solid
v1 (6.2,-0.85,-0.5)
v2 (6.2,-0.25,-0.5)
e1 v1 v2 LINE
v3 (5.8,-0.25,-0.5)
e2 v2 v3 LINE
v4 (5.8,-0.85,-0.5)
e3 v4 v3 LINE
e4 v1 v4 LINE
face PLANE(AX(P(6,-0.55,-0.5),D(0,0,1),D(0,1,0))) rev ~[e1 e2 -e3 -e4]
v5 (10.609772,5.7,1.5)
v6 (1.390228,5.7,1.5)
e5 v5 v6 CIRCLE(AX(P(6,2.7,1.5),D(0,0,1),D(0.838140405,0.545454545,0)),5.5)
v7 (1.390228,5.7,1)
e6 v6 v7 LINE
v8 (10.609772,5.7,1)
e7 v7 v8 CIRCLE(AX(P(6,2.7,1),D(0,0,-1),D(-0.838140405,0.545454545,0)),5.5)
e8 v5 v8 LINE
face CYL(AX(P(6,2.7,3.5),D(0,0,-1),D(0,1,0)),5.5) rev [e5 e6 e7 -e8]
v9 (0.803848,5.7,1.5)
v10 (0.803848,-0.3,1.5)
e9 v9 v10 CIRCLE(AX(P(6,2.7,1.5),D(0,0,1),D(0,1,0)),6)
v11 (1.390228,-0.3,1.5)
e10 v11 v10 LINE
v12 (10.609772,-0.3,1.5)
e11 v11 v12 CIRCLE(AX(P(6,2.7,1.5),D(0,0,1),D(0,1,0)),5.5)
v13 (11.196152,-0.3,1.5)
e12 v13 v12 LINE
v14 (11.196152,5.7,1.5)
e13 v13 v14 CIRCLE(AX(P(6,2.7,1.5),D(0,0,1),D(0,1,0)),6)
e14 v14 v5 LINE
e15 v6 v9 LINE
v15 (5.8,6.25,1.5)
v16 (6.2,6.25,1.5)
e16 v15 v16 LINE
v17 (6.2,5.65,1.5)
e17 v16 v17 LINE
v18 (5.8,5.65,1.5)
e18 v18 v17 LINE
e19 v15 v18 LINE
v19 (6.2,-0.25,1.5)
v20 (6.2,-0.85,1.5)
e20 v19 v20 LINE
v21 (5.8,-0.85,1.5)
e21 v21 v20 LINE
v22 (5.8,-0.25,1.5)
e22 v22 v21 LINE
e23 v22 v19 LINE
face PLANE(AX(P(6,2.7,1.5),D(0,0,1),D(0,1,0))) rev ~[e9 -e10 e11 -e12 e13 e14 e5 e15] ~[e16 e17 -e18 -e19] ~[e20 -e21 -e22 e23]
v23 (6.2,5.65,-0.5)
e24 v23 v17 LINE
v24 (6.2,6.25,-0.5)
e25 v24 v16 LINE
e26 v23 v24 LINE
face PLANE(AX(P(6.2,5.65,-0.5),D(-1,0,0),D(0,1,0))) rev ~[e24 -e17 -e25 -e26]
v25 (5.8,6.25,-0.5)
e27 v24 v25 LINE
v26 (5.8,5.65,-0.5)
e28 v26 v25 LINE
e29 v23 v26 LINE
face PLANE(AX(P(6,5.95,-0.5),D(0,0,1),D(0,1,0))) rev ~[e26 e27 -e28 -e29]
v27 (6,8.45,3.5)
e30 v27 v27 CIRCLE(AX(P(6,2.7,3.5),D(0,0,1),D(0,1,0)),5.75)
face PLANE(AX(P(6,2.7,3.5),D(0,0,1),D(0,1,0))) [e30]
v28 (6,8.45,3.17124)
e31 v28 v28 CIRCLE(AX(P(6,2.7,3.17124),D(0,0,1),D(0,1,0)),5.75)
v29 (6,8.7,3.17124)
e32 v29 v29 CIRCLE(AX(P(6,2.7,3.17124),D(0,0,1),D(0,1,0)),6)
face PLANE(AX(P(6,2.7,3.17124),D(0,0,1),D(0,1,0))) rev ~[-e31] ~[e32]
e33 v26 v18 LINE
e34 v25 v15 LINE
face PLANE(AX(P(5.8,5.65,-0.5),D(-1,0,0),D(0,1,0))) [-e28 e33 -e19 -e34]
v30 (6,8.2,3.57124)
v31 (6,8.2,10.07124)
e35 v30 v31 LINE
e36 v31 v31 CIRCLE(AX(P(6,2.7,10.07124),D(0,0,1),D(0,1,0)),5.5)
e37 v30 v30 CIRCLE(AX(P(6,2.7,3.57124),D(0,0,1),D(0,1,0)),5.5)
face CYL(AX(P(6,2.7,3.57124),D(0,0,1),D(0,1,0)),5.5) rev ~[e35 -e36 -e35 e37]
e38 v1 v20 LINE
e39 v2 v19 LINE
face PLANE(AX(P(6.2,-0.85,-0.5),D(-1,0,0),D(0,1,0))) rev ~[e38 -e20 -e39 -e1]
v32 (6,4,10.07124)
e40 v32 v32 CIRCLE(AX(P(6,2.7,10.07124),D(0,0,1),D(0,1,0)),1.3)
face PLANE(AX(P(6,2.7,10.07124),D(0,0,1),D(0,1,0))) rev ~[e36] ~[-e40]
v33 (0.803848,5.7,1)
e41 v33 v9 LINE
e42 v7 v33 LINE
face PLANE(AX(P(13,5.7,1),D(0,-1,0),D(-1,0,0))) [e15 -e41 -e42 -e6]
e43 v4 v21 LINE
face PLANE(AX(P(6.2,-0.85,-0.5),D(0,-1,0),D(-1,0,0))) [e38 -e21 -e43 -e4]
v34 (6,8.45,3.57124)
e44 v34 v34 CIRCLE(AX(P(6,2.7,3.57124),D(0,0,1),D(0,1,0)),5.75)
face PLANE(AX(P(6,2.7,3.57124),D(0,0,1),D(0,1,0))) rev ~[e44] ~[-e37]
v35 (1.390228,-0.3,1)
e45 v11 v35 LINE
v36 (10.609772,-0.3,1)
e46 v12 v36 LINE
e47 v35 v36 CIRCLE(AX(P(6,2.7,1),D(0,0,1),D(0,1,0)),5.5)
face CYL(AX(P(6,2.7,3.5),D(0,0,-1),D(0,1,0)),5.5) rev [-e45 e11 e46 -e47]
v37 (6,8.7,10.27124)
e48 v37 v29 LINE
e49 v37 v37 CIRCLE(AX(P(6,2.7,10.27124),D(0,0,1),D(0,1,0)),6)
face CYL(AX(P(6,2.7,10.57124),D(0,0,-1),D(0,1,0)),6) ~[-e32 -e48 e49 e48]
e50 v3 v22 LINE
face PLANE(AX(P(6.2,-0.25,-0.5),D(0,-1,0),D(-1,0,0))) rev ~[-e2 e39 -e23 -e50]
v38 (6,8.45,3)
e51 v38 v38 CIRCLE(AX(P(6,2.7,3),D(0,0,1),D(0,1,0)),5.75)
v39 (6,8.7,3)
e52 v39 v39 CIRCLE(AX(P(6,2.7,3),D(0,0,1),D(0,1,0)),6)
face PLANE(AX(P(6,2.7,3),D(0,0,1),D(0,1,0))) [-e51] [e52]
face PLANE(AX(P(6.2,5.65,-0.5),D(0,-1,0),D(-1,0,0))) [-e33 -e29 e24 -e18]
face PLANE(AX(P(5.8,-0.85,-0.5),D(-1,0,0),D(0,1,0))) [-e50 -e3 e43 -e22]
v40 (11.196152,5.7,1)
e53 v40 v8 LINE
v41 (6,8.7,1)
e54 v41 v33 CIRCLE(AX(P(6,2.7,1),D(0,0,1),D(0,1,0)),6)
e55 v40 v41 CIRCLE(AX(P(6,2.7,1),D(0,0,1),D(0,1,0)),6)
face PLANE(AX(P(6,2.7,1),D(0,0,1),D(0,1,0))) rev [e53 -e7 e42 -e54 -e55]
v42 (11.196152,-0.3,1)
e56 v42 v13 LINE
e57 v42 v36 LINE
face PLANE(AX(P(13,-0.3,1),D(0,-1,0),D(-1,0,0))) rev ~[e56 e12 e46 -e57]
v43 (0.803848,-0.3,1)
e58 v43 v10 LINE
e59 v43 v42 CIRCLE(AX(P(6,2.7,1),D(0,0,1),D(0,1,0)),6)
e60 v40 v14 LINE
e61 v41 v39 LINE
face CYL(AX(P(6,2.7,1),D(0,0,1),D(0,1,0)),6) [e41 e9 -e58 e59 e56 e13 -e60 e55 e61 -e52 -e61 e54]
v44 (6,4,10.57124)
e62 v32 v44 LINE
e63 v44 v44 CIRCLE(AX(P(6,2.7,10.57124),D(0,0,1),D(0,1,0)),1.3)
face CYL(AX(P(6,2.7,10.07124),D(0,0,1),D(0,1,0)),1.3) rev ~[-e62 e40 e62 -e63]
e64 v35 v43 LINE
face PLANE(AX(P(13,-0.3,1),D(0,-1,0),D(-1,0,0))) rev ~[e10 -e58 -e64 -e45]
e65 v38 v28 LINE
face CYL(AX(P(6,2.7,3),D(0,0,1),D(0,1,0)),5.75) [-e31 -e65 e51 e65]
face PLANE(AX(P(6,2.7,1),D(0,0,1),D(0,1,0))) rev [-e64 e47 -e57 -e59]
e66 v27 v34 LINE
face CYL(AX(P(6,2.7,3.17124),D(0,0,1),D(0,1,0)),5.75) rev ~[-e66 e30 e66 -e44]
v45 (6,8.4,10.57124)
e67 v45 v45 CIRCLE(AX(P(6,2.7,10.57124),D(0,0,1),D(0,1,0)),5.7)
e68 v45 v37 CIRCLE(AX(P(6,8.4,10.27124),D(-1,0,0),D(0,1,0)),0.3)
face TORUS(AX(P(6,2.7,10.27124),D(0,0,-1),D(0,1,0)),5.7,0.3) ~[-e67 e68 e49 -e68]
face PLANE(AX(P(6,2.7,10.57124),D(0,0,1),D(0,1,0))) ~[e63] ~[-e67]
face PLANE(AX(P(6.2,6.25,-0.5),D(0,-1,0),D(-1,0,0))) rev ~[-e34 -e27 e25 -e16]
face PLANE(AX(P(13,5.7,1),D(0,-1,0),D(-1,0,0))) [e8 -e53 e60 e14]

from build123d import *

# Parameters (mm, degrees)
BOX_W                     = 0.6
BOX_H                     = 0.4
BOX_DEPTH                 = 2.5
BOX001_W                  = 0.6
BOX001_H                  = 0.4
BOX001_DEPTH              = 2.5
CYLINDER011_R             = 5.5
CYLINDER011_DEPTH         = 2
BOX002_W                  = 6
BOX002_H                  = 15
BOX002_DEPTH              = 0.5
FILLET006_R               = 0.3
FUSION004_PLACEMENT_ANGLE = 90


with BuildPart() as cubo001:
    # Box → Box (new body)
    with BuildSketch(Plane(origin=(2.95, -0.2, -2), x_dir=(1, 0, 0), z_dir=(0, 0, 1))):
        with Locations((0.3, 0.2)):
            Rectangle(BOX_W, BOX_H)
    extrude(amount=BOX_DEPTH)


with BuildPart() as cubo002:
    # Box001 → Box001 (new body)
    with BuildSketch(Plane(origin=(-3.55, -0.2, -2), x_dir=(1, 0, 0), z_dir=(0, 0, 1))):
        with Locations((0.3, 0.2)):
            Rectangle(BOX001_W, BOX001_H)
    extrude(amount=BOX001_DEPTH)


with BuildPart() as interior:
    # Cylinder011 → Cylinder011 (new body)
    with BuildSketch(Plane.XY):
        Circle(CYLINDER011_R)
    extrude(amount=CYLINDER011_DEPTH)

    # Fusion: union Cubo001, Cubo002
    add(cubo001.part)
    add(cubo002.part)


with BuildPart() as interior_1:
    # Fusion placement: moved
    add(interior.part.moved(Location((0, 0, 0.5))))


with BuildPart() as cubo:
    # Box002 → Box002 (new body)
    with BuildSketch(Plane(origin=(-3, -7, 0), x_dir=(1, 0, 0), z_dir=(0, 0, 1))):
        with Locations((3, 7.5)):
            Rectangle(BOX002_W, BOX002_H)
    extrude(amount=BOX002_DEPTH)


with BuildPart() as aroinferior:
    # Sketch004 → Revolution001 (revolve)
    with BuildSketch(Plane.XZ):
        Polygon((5.5, 2.5), (5.5, 0), (6, 0), (6, 2), (5.75, 2), (5.75, 2.5), align=None)
    revolve(axis=Axis((0, 0, 0), (0, 0, 1)))

    # Cut013: cut Cubo
    add(cubo.part, mode=Mode.SUBTRACT)


with BuildPart() as buzzersensor:
    # Sketch003 → Revolution (revolve)
    with BuildSketch(Plane.XZ):
        Polygon((1.3, 9.57124), (6, 9.57124), (6, 2.17124), (5.75, 2.17124), (5.75, 2.57124), (5.5, 2.57124), (5.5, 9.07124), (1.3, 9.07124), align=None)
    revolve(axis=Axis((0, 0, 0), (0, 0, 1)))

    # Fillet006
    fillet006_edges = [buzzersensor.edges().sort_by_distance(p)[0] for p in [
        (-6, 0, 9.57124),
    ]]
    fillet(fillet006_edges, radius=FILLET006_R)

    # Fusion004: union Interior, AroInferior
    add(interior_1.part)
    add(aroinferior.part)


with BuildPart() as buzzersensor_1:
    # Fusion004 placement: moved
    add(buzzersensor.part.moved(Location((6, 2.7, 1))).rotate(Axis((6, 2.7, 1), (0, 0, 1)), FUSION004_PLACEMENT_ANGLE))


solid = buzzersensor_1.part
